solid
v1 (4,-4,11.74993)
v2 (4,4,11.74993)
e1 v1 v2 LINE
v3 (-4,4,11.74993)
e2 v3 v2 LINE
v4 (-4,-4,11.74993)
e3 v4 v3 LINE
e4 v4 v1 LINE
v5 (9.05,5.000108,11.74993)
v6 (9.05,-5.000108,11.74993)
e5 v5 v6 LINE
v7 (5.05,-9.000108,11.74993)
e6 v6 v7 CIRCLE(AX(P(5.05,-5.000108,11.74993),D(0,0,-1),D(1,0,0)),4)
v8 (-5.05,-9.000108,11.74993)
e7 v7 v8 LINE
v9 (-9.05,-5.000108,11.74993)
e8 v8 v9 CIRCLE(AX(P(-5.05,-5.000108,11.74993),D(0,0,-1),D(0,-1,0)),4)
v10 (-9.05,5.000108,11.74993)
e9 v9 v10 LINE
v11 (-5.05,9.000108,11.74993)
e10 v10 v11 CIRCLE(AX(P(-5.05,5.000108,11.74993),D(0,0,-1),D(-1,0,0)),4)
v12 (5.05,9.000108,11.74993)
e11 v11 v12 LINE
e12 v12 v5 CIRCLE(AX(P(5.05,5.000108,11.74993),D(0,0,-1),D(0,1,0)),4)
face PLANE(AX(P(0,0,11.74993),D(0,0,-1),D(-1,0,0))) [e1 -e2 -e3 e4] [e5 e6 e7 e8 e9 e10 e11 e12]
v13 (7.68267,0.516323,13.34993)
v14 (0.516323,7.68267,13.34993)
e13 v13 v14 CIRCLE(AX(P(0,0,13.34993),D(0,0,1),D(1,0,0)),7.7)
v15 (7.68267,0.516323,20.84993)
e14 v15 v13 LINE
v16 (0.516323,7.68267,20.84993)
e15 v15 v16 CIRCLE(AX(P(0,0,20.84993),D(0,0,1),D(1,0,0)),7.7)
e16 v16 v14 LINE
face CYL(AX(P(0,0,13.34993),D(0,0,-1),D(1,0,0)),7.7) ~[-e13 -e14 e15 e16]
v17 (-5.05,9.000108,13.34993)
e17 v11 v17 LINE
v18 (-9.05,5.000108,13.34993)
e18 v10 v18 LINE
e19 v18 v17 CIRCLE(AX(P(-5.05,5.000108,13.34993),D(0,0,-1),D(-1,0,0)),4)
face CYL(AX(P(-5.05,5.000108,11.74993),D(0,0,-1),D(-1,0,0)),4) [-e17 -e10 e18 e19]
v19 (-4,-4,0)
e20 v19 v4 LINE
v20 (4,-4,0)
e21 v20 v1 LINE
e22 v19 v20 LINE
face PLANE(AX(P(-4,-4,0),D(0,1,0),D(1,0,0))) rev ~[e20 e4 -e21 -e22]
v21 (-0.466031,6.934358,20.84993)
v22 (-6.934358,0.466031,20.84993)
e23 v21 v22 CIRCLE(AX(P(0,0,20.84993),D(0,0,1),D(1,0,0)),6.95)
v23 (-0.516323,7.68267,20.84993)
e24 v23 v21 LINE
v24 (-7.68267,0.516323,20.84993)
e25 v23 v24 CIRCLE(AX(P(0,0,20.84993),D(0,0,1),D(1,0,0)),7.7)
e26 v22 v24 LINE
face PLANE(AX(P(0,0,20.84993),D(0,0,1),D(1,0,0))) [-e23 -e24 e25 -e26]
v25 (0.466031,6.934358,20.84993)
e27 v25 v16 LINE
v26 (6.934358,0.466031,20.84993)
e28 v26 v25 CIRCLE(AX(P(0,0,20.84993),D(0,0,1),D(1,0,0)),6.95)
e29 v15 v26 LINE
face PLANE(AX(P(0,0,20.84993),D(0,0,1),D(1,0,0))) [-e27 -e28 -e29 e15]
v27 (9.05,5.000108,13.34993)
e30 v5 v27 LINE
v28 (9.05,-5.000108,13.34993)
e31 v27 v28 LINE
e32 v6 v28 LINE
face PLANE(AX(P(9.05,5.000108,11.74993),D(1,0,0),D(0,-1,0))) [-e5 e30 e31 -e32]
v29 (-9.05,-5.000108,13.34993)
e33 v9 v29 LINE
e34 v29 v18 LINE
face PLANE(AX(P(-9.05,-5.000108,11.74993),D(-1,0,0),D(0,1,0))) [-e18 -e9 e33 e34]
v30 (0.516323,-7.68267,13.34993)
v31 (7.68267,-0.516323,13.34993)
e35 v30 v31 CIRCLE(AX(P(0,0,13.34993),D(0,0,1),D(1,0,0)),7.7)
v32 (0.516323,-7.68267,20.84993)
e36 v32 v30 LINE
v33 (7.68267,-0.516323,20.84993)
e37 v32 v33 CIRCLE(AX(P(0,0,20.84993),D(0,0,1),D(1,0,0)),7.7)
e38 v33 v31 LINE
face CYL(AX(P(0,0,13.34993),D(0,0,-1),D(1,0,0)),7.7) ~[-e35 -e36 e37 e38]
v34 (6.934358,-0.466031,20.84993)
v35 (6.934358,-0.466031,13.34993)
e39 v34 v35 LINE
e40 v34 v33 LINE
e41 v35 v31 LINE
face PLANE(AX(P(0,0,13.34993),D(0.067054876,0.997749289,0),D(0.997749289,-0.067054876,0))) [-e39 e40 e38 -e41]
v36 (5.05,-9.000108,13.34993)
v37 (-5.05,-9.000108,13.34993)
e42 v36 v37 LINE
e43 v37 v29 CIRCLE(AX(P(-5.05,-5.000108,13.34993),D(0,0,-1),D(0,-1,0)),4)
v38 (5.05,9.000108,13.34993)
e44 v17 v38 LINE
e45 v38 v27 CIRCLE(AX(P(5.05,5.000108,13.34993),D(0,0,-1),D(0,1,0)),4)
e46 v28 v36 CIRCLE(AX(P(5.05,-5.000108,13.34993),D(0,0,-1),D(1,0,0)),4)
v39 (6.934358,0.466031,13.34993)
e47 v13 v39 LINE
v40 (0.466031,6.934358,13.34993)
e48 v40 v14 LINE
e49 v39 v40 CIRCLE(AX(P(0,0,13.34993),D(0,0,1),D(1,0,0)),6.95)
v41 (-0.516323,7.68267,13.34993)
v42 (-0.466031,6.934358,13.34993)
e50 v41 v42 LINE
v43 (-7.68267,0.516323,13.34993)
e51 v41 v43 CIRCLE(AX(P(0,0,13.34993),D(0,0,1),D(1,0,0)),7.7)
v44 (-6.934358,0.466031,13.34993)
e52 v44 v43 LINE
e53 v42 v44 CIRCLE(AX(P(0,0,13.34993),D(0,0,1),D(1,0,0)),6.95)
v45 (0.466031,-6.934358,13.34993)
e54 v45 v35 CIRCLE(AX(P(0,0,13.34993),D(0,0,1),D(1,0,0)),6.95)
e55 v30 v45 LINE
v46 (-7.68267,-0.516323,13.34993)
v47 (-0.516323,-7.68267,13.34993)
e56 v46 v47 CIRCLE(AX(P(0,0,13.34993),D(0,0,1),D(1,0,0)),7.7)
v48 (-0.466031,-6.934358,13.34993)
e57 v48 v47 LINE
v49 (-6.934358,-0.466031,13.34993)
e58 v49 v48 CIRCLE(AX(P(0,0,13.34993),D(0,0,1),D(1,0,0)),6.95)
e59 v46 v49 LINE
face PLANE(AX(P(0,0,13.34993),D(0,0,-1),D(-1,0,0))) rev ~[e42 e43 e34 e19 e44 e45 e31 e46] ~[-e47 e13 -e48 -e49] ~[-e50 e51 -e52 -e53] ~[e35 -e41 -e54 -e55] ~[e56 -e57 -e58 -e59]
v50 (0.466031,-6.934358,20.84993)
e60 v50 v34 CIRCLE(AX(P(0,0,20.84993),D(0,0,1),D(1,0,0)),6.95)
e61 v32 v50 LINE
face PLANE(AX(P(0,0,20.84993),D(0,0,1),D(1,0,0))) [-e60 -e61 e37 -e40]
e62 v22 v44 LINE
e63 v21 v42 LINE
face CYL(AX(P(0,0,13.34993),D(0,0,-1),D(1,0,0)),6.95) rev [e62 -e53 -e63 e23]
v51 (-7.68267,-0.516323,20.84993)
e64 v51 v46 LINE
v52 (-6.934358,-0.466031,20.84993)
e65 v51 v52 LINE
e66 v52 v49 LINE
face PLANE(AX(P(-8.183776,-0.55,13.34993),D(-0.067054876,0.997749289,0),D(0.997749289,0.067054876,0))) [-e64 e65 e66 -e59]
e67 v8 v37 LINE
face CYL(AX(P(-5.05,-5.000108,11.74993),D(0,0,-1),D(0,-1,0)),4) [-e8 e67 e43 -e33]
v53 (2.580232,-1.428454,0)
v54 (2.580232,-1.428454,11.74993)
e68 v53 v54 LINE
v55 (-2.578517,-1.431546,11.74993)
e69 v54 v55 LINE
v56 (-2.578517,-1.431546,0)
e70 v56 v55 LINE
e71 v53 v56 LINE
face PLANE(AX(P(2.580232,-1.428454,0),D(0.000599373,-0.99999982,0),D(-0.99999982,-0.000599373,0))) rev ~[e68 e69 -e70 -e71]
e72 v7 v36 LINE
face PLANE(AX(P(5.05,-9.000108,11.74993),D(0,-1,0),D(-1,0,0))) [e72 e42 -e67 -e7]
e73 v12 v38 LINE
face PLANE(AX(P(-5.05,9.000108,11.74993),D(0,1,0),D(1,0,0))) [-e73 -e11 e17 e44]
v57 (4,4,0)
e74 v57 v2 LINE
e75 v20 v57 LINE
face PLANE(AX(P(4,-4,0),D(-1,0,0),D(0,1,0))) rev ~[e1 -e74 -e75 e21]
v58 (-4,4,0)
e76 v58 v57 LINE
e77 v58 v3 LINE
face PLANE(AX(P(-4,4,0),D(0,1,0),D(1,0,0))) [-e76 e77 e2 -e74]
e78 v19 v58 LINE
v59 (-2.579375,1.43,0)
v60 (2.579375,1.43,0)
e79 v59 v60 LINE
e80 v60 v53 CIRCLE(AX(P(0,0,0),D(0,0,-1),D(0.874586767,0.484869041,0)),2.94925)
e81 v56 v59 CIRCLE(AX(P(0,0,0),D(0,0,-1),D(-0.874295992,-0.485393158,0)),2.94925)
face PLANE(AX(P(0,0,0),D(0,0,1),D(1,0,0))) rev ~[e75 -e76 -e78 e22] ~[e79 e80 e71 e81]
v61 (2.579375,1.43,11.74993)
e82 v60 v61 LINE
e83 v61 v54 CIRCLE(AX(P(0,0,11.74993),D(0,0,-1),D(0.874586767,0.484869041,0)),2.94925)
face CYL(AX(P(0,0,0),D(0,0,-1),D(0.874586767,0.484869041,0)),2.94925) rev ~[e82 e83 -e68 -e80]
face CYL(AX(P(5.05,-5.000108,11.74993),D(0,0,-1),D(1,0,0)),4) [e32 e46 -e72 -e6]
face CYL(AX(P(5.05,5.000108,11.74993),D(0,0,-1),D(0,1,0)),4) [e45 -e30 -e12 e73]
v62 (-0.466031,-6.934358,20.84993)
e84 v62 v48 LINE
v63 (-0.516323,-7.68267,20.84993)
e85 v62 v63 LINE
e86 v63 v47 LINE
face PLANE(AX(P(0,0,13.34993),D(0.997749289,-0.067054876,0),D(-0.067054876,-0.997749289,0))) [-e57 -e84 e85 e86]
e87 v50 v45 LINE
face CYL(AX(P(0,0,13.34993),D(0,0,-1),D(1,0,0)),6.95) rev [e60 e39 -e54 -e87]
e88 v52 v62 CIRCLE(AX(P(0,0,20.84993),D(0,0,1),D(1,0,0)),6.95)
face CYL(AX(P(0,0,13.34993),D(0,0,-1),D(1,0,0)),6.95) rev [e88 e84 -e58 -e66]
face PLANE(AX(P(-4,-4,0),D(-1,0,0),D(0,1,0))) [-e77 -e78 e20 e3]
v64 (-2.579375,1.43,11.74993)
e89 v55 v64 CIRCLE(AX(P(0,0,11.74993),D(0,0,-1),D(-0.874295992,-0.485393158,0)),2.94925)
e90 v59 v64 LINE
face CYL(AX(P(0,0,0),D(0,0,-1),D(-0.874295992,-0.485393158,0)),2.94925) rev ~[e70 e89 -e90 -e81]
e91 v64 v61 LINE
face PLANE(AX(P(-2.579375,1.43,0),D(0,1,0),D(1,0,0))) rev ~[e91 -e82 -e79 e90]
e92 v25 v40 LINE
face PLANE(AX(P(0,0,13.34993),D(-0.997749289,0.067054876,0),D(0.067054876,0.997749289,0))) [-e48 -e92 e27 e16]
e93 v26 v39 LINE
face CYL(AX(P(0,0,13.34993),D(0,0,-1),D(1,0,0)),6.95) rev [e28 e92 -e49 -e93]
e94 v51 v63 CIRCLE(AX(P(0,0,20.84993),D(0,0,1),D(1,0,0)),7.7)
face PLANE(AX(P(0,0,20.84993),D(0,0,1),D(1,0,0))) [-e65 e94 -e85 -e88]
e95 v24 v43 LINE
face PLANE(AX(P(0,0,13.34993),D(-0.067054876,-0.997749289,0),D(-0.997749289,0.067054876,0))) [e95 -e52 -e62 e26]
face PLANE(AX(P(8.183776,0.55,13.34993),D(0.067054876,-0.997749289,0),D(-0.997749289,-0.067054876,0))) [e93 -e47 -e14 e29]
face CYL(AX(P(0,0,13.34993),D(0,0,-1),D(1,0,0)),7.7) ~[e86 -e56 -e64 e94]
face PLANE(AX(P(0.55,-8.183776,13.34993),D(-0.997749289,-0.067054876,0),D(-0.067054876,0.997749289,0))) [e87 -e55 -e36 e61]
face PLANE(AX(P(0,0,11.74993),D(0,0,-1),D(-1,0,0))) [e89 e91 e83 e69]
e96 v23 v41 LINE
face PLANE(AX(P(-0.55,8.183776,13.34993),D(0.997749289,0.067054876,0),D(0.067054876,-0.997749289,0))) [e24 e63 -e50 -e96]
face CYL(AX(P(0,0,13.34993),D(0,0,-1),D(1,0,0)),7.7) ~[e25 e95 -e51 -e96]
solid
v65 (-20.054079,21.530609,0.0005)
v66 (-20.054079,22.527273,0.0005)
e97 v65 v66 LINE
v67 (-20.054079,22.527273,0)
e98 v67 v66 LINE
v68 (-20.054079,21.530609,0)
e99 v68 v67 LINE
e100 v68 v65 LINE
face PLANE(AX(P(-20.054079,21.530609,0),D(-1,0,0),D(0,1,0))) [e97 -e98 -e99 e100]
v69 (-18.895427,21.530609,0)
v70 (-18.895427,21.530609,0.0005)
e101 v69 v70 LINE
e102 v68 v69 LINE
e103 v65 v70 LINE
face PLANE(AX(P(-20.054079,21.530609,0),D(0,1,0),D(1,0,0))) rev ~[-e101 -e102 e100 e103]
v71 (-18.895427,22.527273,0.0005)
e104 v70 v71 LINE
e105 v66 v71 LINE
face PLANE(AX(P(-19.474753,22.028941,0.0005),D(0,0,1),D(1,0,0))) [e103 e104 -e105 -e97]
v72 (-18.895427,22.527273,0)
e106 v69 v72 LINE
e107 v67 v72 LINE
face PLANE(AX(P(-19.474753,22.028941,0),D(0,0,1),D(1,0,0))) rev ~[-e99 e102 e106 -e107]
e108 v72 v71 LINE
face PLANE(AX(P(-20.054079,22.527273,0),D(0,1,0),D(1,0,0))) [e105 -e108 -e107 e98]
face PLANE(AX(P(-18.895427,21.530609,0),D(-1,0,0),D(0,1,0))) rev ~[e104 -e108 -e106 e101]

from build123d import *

# Parameters (mm, degrees)
SKETCH1_W           = 1.158652837
SKETCH1_H           = 0.996663238
BOSS_EXTRUDE1_DEPTH = 0.0005
SKETCH2_W           = 8
SKETCH2_H           = 8
BOSS_EXTRUDE2_DEPTH = 11.74993
BOSS_EXTRUDE3_DEPTH = 1.6
SKETCH4_R           = 7.7
BOSS_EXTRUDE4_DEPTH = 7.5
SKETCH5_R           = 6.95
CUT_EXTRUDE1_DEPTH  = 7.5
CUT_EXTRUDE2_DEPTH  = 7.5
CIRPATTERN1_COUNT   = 4


with BuildPart() as part:
    # Sketch1 → Boss-Extrude1 (new body)
    with BuildSketch(Plane.XY):
        with Locations((-19.474752995, 22.028941101)):
            Rectangle(SKETCH1_W, SKETCH1_H)
    extrude(amount=BOSS_EXTRUDE1_DEPTH)


with BuildPart() as body_2:
    # Sketch2 → Boss-Extrude2 (new body)
    with BuildSketch(Plane.XY):
        Rectangle(SKETCH2_W, SKETCH2_H)
        with BuildLine():
            Line((-2.579374981, 1.43), (2.579374981, 1.43))
            ThreePointArc((2.579374981, 1.43), (2.949249821, 0.000883851), (2.580231621, -1.428453735))
            Line((2.580231621, -1.428453735), (-2.578517414, -1.431545751))
            ThreePointArc((-2.578517414, -1.431545751), (-2.949249821, -0.000883851), (-2.579374981, 1.43))
        make_face(mode=Mode.SUBTRACT)
    extrude(amount=BOSS_EXTRUDE2_DEPTH)

    # Sketch3 → Boss-Extrude3 (add)
    with BuildSketch(Plane.XY.offset(11.74993)):
        with BuildLine():
            Line((-5.05, 9.000108401), (5.05, 9.000108401))
            ThreePointArc((5.05, 9.000108401), (7.878427125, 7.828535526), (9.05, 5.000108401))
            Line((9.05, 5.000108401), (9.05, -5.000108401))
            ThreePointArc((9.05, -5.000108401), (7.878427125, -7.828535526), (5.05, -9.000108401))
            Line((5.05, -9.000108401), (-5.05, -9.000108401))
            ThreePointArc((-5.05, -9.000108401), (-7.878427125, -7.828535526), (-9.05, -5.000108401))
            Line((-9.05, -5.000108401), (-9.05, 5.000108401))
            ThreePointArc((-9.05, 5.000108401), (-7.878427125, 7.828535526), (-5.05, 9.000108401))
        make_face()
    extrude(amount=BOSS_EXTRUDE3_DEPTH)

    # Sketch4 → Boss-Extrude4 (add)
    with BuildSketch(Plane.XY.offset(13.34993)):
        Circle(SKETCH4_R)
    extrude(amount=BOSS_EXTRUDE4_DEPTH)

    # Sketch5 → Cut-Extrude1 (cut)
    with BuildSketch(Plane.XY.offset(13.34993)):
        Circle(SKETCH5_R)
    extrude(amount=CUT_EXTRUDE1_DEPTH, mode=Mode.SUBTRACT)

    # Sketch11 → Cut-Extrude2 (cut)
    with BuildSketch(Plane.XY.offset(13.34993)):
        Polygon((0, 8.183776361), (-0.55, 8.183776361), (0, 0), (0.55, 8.183776361), align=None)
    cut_extrude2 = extrude(amount=CUT_EXTRUDE2_DEPTH, mode=Mode.SUBTRACT)

    # CirPattern1: Cut-Extrude2 ×4 about axis
    cirpattern1_axis = Axis((0, 0, 20.84993), (0, 0, -1))
    for i in range(1, CIRPATTERN1_COUNT):
        add(cut_extrude2.rotate(cirpattern1_axis, i * 360 / CIRPATTERN1_COUNT), mode=Mode.SUBTRACT)


solid = Compound([part.part, body_2.part])
